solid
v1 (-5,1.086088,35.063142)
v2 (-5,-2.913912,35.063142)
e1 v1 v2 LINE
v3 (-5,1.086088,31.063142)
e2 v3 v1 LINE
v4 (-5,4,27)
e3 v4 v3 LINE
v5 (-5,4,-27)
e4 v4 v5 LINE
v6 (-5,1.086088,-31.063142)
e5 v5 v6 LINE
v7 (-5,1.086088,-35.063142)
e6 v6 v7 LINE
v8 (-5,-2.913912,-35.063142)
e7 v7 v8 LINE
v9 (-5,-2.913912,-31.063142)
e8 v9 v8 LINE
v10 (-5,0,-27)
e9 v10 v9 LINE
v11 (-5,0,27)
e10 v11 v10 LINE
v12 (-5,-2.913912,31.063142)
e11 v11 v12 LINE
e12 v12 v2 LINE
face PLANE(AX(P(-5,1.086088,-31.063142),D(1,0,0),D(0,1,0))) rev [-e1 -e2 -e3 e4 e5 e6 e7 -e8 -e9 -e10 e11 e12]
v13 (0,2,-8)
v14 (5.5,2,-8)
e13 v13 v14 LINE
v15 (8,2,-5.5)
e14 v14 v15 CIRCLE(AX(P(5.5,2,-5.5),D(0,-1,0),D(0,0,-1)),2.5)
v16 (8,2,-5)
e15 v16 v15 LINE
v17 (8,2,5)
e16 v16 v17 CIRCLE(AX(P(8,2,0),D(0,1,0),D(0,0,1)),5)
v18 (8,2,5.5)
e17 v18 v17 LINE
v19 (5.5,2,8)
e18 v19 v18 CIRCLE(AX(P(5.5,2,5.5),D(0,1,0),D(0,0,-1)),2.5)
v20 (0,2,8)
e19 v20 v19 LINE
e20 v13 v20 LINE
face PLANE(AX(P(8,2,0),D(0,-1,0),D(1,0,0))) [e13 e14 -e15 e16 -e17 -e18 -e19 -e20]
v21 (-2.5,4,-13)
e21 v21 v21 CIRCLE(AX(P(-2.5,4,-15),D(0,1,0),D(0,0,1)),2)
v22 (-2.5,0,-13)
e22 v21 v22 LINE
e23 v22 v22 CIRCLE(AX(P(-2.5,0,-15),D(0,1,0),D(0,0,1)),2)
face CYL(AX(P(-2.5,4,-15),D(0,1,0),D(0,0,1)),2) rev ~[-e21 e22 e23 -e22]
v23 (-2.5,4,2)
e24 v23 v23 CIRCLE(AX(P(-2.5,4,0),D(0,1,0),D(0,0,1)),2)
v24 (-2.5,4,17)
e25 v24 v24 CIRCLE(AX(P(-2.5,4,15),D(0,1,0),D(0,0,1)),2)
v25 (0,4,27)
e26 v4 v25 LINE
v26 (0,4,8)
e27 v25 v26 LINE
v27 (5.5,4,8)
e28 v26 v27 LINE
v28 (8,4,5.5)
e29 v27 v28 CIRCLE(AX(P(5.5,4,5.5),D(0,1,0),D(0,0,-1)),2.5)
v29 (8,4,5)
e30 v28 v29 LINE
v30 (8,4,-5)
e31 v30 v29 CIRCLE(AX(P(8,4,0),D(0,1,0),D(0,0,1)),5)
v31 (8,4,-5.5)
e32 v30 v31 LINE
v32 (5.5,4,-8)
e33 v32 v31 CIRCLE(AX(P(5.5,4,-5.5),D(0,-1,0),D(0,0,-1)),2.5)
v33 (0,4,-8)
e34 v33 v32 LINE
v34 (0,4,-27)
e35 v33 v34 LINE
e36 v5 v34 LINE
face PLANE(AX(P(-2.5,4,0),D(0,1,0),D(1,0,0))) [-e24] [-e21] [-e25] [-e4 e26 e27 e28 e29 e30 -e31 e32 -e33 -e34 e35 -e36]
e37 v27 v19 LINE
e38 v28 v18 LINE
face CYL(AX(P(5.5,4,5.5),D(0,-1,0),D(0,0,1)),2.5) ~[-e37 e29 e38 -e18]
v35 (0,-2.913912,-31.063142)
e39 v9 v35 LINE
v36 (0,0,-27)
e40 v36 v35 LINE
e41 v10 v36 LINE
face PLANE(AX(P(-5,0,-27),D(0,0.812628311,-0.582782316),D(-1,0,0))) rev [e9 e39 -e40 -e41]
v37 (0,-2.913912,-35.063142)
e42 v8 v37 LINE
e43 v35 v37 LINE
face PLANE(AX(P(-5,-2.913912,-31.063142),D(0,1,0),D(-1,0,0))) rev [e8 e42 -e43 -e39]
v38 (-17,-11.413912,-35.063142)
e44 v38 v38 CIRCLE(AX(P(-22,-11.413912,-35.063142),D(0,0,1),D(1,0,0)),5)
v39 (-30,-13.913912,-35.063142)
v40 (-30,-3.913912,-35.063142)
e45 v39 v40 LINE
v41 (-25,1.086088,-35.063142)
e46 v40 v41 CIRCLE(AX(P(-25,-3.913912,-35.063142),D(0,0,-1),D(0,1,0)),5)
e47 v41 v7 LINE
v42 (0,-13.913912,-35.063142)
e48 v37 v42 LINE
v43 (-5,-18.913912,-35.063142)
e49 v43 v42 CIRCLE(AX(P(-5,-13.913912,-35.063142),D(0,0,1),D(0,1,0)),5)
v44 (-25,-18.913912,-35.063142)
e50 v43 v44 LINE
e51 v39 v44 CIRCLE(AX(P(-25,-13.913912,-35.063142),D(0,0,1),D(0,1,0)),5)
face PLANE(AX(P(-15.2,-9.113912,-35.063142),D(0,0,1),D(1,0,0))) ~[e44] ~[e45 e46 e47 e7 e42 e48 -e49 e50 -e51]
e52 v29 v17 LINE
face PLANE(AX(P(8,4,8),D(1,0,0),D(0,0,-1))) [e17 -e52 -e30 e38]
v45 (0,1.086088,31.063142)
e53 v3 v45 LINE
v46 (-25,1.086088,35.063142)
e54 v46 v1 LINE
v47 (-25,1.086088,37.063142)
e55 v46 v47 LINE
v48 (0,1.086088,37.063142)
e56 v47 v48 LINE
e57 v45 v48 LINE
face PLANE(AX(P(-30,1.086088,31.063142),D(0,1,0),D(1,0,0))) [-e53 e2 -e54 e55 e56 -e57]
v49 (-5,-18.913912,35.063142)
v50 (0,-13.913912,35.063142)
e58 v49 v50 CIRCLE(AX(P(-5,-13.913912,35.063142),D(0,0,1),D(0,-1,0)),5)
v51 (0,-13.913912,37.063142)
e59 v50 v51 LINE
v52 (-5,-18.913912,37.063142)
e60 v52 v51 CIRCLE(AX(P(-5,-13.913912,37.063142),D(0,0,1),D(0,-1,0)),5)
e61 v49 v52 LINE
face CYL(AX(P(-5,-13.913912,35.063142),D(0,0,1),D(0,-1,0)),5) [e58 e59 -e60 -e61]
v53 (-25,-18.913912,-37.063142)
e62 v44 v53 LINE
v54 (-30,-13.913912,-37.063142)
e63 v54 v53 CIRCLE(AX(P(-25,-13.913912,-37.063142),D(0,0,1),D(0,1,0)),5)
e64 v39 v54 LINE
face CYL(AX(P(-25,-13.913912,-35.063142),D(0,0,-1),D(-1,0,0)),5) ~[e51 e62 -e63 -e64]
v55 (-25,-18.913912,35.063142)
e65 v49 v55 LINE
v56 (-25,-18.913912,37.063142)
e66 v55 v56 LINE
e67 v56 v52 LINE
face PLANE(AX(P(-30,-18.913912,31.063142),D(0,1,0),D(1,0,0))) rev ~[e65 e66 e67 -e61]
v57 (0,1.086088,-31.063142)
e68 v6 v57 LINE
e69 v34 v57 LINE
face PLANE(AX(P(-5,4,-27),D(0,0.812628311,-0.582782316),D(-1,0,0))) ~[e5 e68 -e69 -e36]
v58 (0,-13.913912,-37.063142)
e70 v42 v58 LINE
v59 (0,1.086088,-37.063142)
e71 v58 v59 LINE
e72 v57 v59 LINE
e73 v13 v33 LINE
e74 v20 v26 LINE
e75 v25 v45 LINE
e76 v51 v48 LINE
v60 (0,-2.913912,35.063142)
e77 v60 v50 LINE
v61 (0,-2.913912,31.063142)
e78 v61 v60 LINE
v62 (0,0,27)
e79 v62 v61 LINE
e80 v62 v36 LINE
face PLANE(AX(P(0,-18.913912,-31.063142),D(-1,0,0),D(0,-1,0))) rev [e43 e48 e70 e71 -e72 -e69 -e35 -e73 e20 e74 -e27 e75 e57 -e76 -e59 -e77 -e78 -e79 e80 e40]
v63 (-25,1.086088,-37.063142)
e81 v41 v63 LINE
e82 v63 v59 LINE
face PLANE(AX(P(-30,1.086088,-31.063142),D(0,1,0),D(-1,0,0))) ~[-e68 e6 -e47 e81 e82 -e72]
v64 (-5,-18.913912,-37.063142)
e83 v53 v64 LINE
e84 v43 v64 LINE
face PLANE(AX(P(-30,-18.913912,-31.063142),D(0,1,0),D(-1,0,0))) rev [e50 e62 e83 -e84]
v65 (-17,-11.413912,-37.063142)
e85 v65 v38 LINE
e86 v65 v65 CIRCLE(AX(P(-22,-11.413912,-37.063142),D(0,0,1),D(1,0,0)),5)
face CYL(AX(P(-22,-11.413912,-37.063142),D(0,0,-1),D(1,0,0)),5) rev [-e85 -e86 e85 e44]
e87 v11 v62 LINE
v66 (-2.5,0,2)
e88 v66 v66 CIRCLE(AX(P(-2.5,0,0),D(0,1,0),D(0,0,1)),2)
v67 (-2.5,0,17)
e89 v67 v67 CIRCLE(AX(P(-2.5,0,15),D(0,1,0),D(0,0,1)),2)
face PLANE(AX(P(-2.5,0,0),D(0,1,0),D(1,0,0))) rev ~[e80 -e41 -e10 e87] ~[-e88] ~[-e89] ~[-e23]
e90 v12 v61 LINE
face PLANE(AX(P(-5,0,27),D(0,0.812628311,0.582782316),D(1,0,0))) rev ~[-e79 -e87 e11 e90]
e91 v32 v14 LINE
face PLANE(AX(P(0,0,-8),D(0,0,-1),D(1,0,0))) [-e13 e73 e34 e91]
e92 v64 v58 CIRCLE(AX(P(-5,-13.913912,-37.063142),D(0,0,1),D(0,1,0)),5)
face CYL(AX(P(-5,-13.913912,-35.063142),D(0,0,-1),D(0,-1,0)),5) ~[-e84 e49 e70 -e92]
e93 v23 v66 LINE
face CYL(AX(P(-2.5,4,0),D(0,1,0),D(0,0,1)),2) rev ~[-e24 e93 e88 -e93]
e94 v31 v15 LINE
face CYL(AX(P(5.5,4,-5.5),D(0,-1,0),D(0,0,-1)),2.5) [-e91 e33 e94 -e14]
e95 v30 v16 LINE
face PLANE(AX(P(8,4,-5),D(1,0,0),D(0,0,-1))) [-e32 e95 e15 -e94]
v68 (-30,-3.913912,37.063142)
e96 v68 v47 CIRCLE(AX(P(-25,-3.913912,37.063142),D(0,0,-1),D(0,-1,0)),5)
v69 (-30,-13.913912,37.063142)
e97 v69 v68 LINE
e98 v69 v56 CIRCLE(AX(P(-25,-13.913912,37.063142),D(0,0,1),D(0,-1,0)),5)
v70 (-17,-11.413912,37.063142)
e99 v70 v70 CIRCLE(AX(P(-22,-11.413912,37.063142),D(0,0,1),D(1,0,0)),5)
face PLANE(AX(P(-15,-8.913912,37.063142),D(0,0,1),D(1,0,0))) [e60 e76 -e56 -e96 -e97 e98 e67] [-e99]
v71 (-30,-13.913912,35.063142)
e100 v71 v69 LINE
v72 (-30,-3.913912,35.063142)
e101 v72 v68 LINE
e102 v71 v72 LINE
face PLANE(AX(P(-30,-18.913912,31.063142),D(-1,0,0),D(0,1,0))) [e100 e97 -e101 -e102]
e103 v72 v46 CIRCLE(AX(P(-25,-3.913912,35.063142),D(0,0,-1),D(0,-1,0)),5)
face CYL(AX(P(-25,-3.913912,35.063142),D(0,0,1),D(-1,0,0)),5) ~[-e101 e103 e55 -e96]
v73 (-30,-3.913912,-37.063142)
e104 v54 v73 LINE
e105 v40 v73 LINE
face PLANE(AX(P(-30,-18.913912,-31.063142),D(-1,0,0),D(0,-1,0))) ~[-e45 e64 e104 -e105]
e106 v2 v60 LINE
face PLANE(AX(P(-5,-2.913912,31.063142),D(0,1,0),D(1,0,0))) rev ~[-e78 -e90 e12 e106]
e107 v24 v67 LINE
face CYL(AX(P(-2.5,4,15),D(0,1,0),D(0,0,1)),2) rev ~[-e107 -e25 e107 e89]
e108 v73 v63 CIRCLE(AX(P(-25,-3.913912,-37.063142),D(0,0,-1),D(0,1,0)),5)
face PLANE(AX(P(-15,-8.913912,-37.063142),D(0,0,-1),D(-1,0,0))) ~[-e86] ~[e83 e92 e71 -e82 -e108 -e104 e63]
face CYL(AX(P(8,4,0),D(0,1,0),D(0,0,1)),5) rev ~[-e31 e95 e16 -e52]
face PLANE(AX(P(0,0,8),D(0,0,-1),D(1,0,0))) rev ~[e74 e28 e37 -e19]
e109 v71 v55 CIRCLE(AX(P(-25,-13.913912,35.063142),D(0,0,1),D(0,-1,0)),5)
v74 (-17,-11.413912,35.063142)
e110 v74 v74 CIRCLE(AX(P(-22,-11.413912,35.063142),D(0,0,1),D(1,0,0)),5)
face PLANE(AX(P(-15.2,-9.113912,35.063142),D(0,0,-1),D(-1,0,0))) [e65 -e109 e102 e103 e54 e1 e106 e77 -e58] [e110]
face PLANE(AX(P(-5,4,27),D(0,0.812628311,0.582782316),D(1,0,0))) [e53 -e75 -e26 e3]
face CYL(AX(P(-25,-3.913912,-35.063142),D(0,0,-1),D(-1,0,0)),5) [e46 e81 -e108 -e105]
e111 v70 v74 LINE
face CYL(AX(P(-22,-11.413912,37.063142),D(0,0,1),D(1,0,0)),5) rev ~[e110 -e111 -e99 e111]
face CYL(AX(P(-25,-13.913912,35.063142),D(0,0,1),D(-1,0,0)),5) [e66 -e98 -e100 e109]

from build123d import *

# Parameters (mm, degrees)
SKETCH1_W            = 5
SKETCH1_H            = 54
BOSS_EXTRUDE1_DEPTH  = 4
SKETCH3_W            = 16
SKETCH3_H            = 16
BOSS_EXTRUDE2_DEPTH  = 4
SKETCH6_W            = 5
SKETCH6_H            = 4
BOSS_EXTRUDE5_DEPTH  = 5
SKETCH10_W           = 30
SKETCH10_H           = 20
BOSS_EXTRUDE9_DEPTH  = 6
CUT_EXTRUDE2_REACH   = 54.903
SKETCH7_R            = 2
CUT_EXTRUDE3_REACH   = 54.903
SKETCH4_R            = 5
SKETCH12_W           = 16
SKETCH12_H           = 16
CUT_EXTRUDE4_DEPTH   = 2
CUT_EXTRUDE5_DEPTH   = 4
CUT_EXTRUDE6_REACH   = 78.804
SKETCH14_R           = 5
FILLET1_R            = 5
FILLET1_OF_MIRROR2_R = 5
CUT_EXTRUDE7_REACH   = 54.903
FILLET2_R            = 2.5


with BuildPart() as part:
    # Sketch1 → Boss-Extrude1 (new body)
    with BuildSketch(Plane(origin=(0, 0, 0), x_dir=(1, 0, 0), z_dir=(0, 1, 0))):
        with Locations((-2.5, 0)):
            Rectangle(SKETCH1_W, SKETCH1_H)
    extrude(amount=BOSS_EXTRUDE1_DEPTH)

    # Sketch3 → Boss-Extrude2 (add)
    with BuildSketch(Plane(origin=(0, 0, 0), x_dir=(1, 0, 0), z_dir=(0, 1, 0))):
        with Locations((8, 0)):
            Rectangle(SKETCH3_W, SKETCH3_H)
    extrude(amount=BOSS_EXTRUDE2_DEPTH)

    # Sketch6 → Boss-Extrude5 (add, along a direction that is not the sketch's normal)
    with BuildSketch(Plane.XY.offset(27)):
        with Locations((-2.5, 2)):
            Rectangle(SKETCH6_W, SKETCH6_H)
    boss_extrude5 = extrude(amount=BOSS_EXTRUDE5_DEPTH, dir=(0, -0.5827823156195225, 0.8126283114691164))

    # Mirror1: Boss-Extrude5 across plane
    add(boss_extrude5.mirror(Plane.XY))

    # Sketch10 → Boss-Extrude9 (add)
    with BuildSketch(Plane.XY.offset(31.063141557)):
        with Locations((-15, -8.913911578)):
            Rectangle(SKETCH10_W, SKETCH10_H)
    boss_extrude9 = extrude(amount=BOSS_EXTRUDE9_DEPTH)

    # Sketch7 → Cut-Extrude2 (cut, up to next)
    with BuildSketch(Plane(origin=(0, 4, 0), x_dir=(1, 0, 0), z_dir=(0, 1, 0)), mode=Mode.PRIVATE) as cut_extrude2_sk1:
        with Locations(Location((-2.5, 0, 0), (0, 0, 270))):
            Circle(SKETCH7_R)
    cut_extrude2_tool1 = extrude(cut_extrude2_sk1.sketch, amount=-CUT_EXTRUDE2_REACH, mode=Mode.PRIVATE) & part.part
    # Sketch7 → Cut-Extrude2 (cut, up to next)
    with BuildSketch(Plane(origin=(0, 4, 0), x_dir=(1, 0, 0), z_dir=(0, 1, 0)), mode=Mode.PRIVATE) as cut_extrude2_sk2:
        with Locations(Location((-2.5, 15, 0), (0, 0, 270))):
            Circle(SKETCH7_R)
    cut_extrude2_tool2 = extrude(cut_extrude2_sk2.sketch, amount=-CUT_EXTRUDE2_REACH, mode=Mode.PRIVATE) & part.part
    # Sketch7 → Cut-Extrude2 (cut, up to next)
    with BuildSketch(Plane(origin=(0, 4, 0), x_dir=(1, 0, 0), z_dir=(0, 1, 0)), mode=Mode.PRIVATE) as cut_extrude2_sk3:
        with Locations(Location((-2.5, -15, 0), (0, 0, 270))):
            Circle(SKETCH7_R)
    cut_extrude2_tool3 = extrude(cut_extrude2_sk3.sketch, amount=-CUT_EXTRUDE2_REACH, mode=Mode.PRIVATE) & part.part
    add(cut_extrude2_tool1.solids().sort_by_distance((-2.5, 4, 0))[0], mode=Mode.SUBTRACT)
    add(cut_extrude2_tool2.solids().sort_by_distance((-2.5, 4, -15))[0], mode=Mode.SUBTRACT)
    add(cut_extrude2_tool3.solids().sort_by_distance((-2.5, 4, 15))[0], mode=Mode.SUBTRACT)

    # Sketch4 → Cut-Extrude3 (cut, up to next)
    with BuildSketch(Plane(origin=(0, 4, 0), x_dir=(1, 0, 0), z_dir=(0, 1, 0)), mode=Mode.PRIVATE) as cut_extrude3_sk1:
        with Locations(Location((8, 0, 0), (0, 0, 270))):
            Circle(SKETCH4_R)
    cut_extrude3_tool1 = extrude(cut_extrude3_sk1.sketch, amount=-CUT_EXTRUDE3_REACH, mode=Mode.PRIVATE) & part.part
    add(cut_extrude3_tool1.solids().sort_by_distance((8, 4, 0))[0], mode=Mode.SUBTRACT)

    # Sketch12 → Cut-Extrude4 (cut)
    with BuildSketch(Plane.XZ):
        with Locations((8, 0)):
            Rectangle(SKETCH12_W, SKETCH12_H)
    extrude(amount=-CUT_EXTRUDE4_DEPTH, mode=Mode.SUBTRACT)

    # Sketch13 → Cut-Extrude5 (cut)
    with BuildSketch(Plane(origin=(0, 0, 31.063141557), x_dir=(-1, 0, 0), z_dir=(0, 0, -1))):
        Polygon((30, 1.086088422), (5, 1.086088422), (5, -2.913911578), (0, -2.913911578), (0, -18.913911578), (30, -18.913911578), align=None)
    cut_extrude5 = extrude(amount=-CUT_EXTRUDE5_DEPTH, mode=Mode.SUBTRACT)

    # Sketch14 → Cut-Extrude6 (cut, up to next)
    with BuildSketch(Plane.XY.offset(37.063141557), mode=Mode.PRIVATE) as cut_extrude6_sk1:
        with Locations((-22, -11.413911578)):
            Circle(SKETCH14_R)
    cut_extrude6_tool1 = extrude(cut_extrude6_sk1.sketch, amount=-CUT_EXTRUDE6_REACH, mode=Mode.PRIVATE) & part.part
    cut_extrude6 = cut_extrude6_tool1.solids().sort_by_distance((-22, -11.413912, 37.063142))[0]
    add(cut_extrude6, mode=Mode.SUBTRACT)

    # Fillet1
    fillet1_edges = [part.edges().sort_by_distance(p)[0] for p in [
        (0, -18.913911578, 36.063141557),
        (-30, 1.086088422, 36.063141557),
        (-30, -18.913911578, 36.063141557),
    ]]
    fillet(fillet1_edges, radius=FILLET1_R)

    # Mirror2: Boss-Extrude9, Cut-Extrude5, Cut-Extrude6 across plane
    add(boss_extrude9.mirror(Plane.XY))
    add(cut_extrude5.mirror(Plane.XY), mode=Mode.SUBTRACT)
    add(cut_extrude6.mirror(Plane.XY), mode=Mode.SUBTRACT)

    # Fillet1 of Mirror2
    fillet1_of_mirror2_edges = [part.edges().sort_by_distance(p)[0] for p in [
        (0, -18.913911578, -36.063141557),
        (-30, 1.086088422, -36.063141557),
        (-30, -18.913911578, -36.063141557),
    ]]
    fillet(fillet1_of_mirror2_edges, radius=FILLET1_OF_MIRROR2_R)

    # Sketch15 → Cut-Extrude7 (cut, up to next)
    with BuildSketch(Plane(origin=(0, 4, 0), x_dir=(1, 0, 0), z_dir=(0, 1, 0)), mode=Mode.PRIVATE) as cut_extrude7_sk1:
        with BuildLine():
            Line((8, 5), (8, 8))
            Line((8, 8), (16, 8))
            Line((16, 8), (16, -8))
            Line((16, -8), (8, -8))
            Line((8, -8), (8, -5))
            ThreePointArc((8, -5), (13, 0), (8, 5))
        make_face()
    cut_extrude7_tool1 = extrude(cut_extrude7_sk1.sketch, amount=-CUT_EXTRUDE7_REACH, mode=Mode.PRIVATE) & part.part
    add(cut_extrude7_tool1.solids().sort_by_distance((8.178885, 4, -6.5))[0], mode=Mode.SUBTRACT)

    # Fillet2
    fillet2_edges = [part.edges().sort_by_distance(p)[0] for p in [
        (8, 3, 8),
        (8, 3, -8),
    ]]
    fillet(fillet2_edges, radius=FILLET2_R)


solid = part.part
